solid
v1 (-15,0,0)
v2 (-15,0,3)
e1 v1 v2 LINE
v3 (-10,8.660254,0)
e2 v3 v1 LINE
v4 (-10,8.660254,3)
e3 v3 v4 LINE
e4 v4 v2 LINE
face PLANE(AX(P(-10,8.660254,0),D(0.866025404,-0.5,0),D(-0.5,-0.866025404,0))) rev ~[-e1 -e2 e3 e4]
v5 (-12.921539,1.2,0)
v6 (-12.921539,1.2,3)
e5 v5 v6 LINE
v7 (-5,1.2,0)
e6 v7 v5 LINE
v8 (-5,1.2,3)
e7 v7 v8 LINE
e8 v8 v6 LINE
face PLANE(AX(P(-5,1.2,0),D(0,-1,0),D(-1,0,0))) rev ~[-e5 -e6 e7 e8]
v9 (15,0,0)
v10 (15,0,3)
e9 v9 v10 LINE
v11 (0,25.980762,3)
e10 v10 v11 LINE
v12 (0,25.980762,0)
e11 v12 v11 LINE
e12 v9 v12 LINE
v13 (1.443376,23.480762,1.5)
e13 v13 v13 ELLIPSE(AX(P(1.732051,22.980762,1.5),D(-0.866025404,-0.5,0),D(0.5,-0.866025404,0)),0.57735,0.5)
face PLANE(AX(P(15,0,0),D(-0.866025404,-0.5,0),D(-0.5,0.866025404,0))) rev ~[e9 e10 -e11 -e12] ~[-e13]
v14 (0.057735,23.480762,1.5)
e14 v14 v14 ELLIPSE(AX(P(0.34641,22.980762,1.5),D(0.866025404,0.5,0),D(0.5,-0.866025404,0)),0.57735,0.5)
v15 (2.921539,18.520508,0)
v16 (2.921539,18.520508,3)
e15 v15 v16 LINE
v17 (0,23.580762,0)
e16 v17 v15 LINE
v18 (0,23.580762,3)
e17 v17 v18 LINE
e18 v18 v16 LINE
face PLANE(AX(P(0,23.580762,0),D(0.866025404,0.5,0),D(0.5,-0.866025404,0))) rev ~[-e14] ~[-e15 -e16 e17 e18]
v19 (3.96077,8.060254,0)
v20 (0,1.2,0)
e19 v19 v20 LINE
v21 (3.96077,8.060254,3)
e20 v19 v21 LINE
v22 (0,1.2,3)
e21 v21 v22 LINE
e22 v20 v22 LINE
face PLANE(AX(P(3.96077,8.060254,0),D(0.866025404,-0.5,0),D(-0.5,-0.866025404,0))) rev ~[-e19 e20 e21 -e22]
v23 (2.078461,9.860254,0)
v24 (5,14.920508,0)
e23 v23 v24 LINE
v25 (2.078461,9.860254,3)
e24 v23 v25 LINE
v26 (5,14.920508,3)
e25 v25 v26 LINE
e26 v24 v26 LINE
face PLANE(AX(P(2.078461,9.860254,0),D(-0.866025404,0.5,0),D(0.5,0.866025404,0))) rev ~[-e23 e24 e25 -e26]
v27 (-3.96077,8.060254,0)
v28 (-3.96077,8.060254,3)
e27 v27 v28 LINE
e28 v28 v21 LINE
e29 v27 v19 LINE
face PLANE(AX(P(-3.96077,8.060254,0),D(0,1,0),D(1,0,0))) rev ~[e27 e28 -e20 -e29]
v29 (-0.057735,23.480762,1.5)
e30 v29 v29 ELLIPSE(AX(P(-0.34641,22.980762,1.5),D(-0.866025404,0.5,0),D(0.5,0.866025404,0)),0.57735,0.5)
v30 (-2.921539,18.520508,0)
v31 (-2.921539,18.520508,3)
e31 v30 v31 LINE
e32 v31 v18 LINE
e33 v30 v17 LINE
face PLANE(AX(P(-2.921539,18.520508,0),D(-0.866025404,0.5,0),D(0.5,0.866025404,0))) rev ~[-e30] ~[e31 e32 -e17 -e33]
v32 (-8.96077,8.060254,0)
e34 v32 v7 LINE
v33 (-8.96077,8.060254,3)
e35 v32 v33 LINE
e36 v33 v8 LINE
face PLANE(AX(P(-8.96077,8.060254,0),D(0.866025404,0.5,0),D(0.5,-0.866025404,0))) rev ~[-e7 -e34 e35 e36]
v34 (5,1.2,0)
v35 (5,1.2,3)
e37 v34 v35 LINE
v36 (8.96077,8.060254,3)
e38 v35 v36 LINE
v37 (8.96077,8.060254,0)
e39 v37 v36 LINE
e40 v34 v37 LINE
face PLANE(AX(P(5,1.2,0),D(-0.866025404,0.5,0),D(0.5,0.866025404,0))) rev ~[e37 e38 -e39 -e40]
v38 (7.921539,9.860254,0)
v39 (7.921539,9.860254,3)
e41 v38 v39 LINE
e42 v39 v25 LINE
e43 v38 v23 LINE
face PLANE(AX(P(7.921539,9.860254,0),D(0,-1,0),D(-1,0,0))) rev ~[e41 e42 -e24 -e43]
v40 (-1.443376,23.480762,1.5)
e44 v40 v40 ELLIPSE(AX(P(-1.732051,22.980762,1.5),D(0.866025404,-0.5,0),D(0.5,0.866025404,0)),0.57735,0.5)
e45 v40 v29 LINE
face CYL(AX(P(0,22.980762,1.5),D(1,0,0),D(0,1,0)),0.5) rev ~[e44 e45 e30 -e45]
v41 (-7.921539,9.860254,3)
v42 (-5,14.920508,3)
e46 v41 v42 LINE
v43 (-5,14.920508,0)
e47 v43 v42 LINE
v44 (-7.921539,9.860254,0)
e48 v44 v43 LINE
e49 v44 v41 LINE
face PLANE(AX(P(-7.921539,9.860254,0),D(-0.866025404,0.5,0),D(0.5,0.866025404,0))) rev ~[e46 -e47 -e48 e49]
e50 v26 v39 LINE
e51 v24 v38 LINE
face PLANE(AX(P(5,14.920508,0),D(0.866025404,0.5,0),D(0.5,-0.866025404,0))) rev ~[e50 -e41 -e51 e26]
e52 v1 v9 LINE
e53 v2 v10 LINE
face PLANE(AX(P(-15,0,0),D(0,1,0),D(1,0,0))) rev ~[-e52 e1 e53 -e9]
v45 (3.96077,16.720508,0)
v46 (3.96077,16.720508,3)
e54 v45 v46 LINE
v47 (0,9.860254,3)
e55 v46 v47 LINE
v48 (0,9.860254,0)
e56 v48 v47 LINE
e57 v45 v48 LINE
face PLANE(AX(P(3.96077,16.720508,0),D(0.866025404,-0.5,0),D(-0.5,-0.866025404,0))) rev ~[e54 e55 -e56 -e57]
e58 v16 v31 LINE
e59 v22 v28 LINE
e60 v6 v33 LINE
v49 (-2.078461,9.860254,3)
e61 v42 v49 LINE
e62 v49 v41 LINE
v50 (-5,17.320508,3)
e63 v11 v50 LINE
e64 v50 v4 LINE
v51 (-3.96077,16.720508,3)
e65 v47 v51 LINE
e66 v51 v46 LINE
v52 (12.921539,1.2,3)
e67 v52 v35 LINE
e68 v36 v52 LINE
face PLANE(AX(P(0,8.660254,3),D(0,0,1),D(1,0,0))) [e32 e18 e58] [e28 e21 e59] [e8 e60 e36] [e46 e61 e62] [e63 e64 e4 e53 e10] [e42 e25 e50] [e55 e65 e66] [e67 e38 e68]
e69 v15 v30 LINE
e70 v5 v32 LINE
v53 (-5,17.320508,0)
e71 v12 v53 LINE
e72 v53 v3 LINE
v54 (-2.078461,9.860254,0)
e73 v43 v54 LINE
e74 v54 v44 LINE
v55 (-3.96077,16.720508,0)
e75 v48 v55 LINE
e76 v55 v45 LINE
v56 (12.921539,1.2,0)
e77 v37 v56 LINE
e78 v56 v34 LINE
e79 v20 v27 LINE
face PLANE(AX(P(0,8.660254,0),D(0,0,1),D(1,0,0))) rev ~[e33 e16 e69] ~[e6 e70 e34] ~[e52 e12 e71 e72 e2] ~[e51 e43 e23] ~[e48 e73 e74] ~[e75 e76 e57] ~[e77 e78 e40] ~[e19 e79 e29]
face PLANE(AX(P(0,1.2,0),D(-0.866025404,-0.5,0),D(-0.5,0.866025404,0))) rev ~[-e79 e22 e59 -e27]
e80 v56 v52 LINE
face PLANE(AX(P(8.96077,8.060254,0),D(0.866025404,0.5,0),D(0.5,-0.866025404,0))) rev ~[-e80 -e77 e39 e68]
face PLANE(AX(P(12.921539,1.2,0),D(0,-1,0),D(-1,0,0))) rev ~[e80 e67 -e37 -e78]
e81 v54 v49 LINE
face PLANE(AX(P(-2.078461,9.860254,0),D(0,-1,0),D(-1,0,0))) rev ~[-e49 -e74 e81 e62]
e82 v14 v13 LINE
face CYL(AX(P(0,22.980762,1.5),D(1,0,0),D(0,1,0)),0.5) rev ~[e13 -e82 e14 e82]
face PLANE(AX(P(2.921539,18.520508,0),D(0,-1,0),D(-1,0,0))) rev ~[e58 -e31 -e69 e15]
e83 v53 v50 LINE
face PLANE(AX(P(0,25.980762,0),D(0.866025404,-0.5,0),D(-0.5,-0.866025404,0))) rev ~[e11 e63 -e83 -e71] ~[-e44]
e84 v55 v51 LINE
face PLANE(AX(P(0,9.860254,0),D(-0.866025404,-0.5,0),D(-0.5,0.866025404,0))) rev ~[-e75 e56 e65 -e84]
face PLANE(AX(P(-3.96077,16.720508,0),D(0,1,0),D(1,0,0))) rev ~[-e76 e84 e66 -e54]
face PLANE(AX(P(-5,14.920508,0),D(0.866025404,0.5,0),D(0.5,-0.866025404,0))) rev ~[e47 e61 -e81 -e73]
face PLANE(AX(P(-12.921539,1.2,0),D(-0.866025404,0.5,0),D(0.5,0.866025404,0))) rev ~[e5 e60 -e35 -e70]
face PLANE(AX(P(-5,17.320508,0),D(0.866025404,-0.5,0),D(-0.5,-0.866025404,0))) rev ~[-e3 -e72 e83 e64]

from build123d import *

# Parameters (mm, degrees)
F1_DEPTH = 3
F2_R     = 0.5
F3_DEPTH = 2.5


with BuildPart() as f1:
    # F0 (on Top) → F1 (new body)
    with BuildSketch(Plane.XY):
        Polygon((-10, 8.6602540378), (-15, 0), (15, 0), (0, 25.9807621135), (-5, 17.3205080757), align=None)
        Polygon((-5, 1.2), (-12.9215390309, 1.2), (-8.9607695155, 8.0602540378), align=None, mode=Mode.SUBTRACT)
        Polygon((0, 8.0602540378), (3.9607695155, 8.0602540378), (0, 1.2), (-3.9607695155, 8.0602540378), align=None, mode=Mode.SUBTRACT)
        Polygon((-2.0784609691, 9.8602540378), (-7.9215390309, 9.8602540378), (-5, 14.9205080757), align=None, mode=Mode.SUBTRACT)
        Polygon((12.9215390309, 1.2), (5, 1.2), (8.9607695155, 8.0602540378), align=None, mode=Mode.SUBTRACT)
        Polygon((7.9215390309, 9.8602540378), (2.0784609691, 9.8602540378), (5, 14.9205080757), align=None, mode=Mode.SUBTRACT)
        Polygon((3.9607695155, 16.7205080757), (0, 9.8602540378), (-3.9607695155, 16.7205080757), (0, 16.7205080757), align=None, mode=Mode.SUBTRACT)
        Polygon((-2.9215390309, 18.5205080757), (0, 23.5807621135), (2.9215390309, 18.5205080757), align=None, mode=Mode.SUBTRACT)
    extrude(amount=F1_DEPTH)

    # F2 (on Right) → F3 (cut, symmetric)
    with BuildSketch(Plane.YZ):
        with Locations((22.9807621135, 1.5)):
            Circle(F2_R)
    extrude(amount=F3_DEPTH, both=True, mode=Mode.SUBTRACT)


solid = f1.part
